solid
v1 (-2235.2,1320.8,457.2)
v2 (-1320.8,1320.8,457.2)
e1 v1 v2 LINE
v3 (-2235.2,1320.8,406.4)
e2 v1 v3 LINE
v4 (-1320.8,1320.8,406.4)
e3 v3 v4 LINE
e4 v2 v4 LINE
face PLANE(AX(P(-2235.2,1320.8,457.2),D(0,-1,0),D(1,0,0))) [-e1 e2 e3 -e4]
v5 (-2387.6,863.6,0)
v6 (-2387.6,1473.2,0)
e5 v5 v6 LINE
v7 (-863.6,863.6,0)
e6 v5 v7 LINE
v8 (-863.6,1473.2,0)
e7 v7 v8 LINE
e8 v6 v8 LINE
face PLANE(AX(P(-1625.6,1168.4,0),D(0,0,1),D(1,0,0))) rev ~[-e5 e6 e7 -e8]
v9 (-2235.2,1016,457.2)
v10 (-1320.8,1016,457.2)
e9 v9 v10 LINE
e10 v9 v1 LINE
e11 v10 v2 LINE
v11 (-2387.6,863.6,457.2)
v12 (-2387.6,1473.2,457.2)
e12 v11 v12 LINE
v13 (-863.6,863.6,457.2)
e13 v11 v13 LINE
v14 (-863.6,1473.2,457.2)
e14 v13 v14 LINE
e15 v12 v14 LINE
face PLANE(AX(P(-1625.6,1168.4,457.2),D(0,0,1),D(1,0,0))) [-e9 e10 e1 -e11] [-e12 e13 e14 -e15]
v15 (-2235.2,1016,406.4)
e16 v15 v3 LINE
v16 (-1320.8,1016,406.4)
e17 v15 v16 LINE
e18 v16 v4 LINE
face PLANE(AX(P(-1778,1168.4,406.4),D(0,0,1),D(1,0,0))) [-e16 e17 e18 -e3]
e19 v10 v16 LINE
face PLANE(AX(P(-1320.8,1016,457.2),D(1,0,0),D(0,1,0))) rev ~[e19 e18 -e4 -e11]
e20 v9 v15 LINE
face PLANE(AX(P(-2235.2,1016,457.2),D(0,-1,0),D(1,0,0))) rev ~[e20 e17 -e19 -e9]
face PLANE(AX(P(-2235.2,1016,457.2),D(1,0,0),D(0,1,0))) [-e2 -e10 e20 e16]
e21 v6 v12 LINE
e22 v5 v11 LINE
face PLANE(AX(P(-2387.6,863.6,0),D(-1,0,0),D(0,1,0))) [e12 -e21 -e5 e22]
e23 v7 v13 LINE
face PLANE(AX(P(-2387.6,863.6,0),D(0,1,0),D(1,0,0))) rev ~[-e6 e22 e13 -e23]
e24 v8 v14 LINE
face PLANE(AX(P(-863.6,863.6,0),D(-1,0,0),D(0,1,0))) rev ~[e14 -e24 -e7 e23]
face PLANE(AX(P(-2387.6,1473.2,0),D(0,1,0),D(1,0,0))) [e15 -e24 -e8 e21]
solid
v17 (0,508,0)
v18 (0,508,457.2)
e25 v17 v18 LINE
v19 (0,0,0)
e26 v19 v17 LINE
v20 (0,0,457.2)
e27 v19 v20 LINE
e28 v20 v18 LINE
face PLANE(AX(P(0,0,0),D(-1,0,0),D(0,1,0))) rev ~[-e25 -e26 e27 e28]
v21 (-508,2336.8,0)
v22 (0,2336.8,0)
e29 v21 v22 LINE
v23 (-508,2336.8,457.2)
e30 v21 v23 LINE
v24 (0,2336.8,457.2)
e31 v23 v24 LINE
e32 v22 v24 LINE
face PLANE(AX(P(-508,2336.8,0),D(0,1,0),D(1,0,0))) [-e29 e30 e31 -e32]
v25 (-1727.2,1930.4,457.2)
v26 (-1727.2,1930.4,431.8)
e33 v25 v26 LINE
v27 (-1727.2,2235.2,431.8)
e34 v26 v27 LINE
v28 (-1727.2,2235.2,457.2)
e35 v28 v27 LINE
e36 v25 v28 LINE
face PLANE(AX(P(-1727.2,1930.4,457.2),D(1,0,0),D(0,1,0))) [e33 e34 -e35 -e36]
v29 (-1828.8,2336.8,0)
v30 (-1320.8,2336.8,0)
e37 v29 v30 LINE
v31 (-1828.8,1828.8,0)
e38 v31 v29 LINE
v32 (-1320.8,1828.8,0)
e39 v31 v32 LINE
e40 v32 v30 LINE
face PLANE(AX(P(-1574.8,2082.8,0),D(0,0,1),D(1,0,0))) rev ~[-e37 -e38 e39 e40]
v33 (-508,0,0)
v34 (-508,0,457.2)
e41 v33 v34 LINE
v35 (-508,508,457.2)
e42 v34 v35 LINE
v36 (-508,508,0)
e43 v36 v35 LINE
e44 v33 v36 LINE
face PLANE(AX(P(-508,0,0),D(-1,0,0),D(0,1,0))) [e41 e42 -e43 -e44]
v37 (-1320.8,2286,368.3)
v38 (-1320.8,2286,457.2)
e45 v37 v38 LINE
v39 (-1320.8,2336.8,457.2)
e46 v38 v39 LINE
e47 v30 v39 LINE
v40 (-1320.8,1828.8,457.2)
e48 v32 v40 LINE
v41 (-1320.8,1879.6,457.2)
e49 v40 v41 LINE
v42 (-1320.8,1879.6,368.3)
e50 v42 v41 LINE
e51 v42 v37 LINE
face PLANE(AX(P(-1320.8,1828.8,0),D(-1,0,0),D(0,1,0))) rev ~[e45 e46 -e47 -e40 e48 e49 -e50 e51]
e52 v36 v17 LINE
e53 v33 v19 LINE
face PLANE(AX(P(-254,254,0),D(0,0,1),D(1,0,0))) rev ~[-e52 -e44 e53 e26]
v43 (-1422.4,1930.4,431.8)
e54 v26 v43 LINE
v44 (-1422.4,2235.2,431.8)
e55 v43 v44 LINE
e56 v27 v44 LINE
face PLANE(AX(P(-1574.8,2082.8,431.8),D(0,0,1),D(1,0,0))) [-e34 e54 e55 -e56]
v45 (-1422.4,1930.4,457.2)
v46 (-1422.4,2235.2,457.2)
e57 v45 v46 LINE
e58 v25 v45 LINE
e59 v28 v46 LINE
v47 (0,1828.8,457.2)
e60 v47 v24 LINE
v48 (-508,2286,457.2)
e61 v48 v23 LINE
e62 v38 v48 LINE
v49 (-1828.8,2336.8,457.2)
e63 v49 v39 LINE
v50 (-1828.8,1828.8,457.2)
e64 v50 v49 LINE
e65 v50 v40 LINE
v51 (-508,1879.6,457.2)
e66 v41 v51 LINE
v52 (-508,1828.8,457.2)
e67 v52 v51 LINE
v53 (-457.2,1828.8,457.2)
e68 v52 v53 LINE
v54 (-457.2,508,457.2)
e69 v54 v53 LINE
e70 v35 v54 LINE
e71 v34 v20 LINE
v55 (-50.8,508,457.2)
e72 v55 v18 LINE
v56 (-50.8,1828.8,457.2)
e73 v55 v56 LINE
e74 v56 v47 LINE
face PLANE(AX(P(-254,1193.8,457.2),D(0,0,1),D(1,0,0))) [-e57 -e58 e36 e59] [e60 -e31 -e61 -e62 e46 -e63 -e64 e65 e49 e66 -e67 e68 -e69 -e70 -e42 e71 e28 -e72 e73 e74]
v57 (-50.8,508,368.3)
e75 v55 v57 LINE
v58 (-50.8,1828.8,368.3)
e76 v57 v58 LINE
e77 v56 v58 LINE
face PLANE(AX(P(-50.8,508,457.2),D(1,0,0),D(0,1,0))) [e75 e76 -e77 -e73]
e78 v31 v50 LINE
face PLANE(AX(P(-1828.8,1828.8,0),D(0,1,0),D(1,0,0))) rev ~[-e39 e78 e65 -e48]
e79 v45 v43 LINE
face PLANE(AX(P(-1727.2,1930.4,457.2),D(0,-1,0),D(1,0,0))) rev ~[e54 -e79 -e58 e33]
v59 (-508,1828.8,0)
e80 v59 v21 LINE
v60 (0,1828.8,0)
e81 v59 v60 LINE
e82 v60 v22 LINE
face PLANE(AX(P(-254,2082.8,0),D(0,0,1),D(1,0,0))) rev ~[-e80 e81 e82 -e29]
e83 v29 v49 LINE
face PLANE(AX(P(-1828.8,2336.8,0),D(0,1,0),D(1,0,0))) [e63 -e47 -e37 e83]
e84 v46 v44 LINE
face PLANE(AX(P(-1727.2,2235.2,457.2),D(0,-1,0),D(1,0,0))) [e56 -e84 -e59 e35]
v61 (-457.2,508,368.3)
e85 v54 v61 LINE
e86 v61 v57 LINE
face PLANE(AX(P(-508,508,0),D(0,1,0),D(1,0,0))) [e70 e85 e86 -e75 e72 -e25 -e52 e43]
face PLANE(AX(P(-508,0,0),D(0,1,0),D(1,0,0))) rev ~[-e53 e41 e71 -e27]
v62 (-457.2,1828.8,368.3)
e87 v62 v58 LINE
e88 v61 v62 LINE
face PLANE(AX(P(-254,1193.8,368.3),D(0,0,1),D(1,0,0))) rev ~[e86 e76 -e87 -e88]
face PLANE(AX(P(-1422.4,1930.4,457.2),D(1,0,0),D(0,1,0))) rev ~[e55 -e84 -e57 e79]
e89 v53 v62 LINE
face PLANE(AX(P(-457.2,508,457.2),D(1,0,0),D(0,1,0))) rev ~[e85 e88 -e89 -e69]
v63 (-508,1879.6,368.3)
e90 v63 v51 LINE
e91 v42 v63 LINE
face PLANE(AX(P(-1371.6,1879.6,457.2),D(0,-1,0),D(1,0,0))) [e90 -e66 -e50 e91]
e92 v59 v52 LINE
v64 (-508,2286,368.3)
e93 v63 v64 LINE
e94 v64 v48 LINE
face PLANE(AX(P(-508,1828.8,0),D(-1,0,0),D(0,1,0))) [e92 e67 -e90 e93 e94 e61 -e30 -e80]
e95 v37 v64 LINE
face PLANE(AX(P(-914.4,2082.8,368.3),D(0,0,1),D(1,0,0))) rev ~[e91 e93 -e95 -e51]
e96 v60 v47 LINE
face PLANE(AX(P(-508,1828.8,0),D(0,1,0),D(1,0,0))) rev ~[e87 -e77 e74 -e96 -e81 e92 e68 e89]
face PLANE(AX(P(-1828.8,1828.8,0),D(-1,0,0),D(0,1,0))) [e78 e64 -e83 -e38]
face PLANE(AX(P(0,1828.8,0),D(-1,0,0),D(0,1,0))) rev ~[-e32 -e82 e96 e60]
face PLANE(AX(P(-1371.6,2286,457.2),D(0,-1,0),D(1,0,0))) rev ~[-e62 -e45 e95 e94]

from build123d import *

# Parameters (mm, degrees)
F0_W     = 508
F0_H     = 508
F0_W_2   = 1524
F0_H_2   = 609.6
F1_DEPTH = 457.2
F2_W     = 406.4
F2_H     = 1371.6
F2_W_2   = 914.4
F2_H_2   = 406.4
F3_DEPTH = 88.9
F2_W_3   = 304.8
F2_H_3   = 304.8
F4_DEPTH = 25.4
F5_DEPTH = 50.8


with BuildPart() as f1:
    # F0 (on Top) → F1 (new body)
    with BuildSketch(Plane.XY):
        with Locations((-254, 254)):
            Rectangle(F0_W, F0_H)
        with Locations((-254, 2082.8)):
            Rectangle(F0_W, F0_H)
        with Locations((-1574.8, 2082.8)):
            Rectangle(F0_W, F0_H)
        with Locations((-1625.6, 1168.4)):
            Rectangle(F0_W_2, F0_H_2)
    extrude(amount=F1_DEPTH)

    # F2 (on face) → F3 (join)
    with BuildSketch(Plane.XY.offset(457.2)):
        with Locations((-254, 1193.8)):
            Rectangle(F2_W, F2_H)
        with Locations((-914.4, 2082.8)):
            Rectangle(F2_W_2, F2_H_2)
    extrude(amount=-F3_DEPTH)

    # F2 (on face) → F4 (cut)
    with BuildSketch(Plane.XY.offset(457.2)):
        with Locations((-1574.8, 2082.8)):
            Rectangle(F2_W_3, F2_H_3)
    extrude(amount=-F4_DEPTH, mode=Mode.SUBTRACT)

    # F2 (on face) → F5 (cut)
    with BuildSketch(Plane.XY.offset(457.2)):
        with Locations((-1778, 1168.4)):
            Rectangle(F2_W_2, F2_H_3)
    extrude(amount=-F5_DEPTH, mode=Mode.SUBTRACT)


solid = f1.part
